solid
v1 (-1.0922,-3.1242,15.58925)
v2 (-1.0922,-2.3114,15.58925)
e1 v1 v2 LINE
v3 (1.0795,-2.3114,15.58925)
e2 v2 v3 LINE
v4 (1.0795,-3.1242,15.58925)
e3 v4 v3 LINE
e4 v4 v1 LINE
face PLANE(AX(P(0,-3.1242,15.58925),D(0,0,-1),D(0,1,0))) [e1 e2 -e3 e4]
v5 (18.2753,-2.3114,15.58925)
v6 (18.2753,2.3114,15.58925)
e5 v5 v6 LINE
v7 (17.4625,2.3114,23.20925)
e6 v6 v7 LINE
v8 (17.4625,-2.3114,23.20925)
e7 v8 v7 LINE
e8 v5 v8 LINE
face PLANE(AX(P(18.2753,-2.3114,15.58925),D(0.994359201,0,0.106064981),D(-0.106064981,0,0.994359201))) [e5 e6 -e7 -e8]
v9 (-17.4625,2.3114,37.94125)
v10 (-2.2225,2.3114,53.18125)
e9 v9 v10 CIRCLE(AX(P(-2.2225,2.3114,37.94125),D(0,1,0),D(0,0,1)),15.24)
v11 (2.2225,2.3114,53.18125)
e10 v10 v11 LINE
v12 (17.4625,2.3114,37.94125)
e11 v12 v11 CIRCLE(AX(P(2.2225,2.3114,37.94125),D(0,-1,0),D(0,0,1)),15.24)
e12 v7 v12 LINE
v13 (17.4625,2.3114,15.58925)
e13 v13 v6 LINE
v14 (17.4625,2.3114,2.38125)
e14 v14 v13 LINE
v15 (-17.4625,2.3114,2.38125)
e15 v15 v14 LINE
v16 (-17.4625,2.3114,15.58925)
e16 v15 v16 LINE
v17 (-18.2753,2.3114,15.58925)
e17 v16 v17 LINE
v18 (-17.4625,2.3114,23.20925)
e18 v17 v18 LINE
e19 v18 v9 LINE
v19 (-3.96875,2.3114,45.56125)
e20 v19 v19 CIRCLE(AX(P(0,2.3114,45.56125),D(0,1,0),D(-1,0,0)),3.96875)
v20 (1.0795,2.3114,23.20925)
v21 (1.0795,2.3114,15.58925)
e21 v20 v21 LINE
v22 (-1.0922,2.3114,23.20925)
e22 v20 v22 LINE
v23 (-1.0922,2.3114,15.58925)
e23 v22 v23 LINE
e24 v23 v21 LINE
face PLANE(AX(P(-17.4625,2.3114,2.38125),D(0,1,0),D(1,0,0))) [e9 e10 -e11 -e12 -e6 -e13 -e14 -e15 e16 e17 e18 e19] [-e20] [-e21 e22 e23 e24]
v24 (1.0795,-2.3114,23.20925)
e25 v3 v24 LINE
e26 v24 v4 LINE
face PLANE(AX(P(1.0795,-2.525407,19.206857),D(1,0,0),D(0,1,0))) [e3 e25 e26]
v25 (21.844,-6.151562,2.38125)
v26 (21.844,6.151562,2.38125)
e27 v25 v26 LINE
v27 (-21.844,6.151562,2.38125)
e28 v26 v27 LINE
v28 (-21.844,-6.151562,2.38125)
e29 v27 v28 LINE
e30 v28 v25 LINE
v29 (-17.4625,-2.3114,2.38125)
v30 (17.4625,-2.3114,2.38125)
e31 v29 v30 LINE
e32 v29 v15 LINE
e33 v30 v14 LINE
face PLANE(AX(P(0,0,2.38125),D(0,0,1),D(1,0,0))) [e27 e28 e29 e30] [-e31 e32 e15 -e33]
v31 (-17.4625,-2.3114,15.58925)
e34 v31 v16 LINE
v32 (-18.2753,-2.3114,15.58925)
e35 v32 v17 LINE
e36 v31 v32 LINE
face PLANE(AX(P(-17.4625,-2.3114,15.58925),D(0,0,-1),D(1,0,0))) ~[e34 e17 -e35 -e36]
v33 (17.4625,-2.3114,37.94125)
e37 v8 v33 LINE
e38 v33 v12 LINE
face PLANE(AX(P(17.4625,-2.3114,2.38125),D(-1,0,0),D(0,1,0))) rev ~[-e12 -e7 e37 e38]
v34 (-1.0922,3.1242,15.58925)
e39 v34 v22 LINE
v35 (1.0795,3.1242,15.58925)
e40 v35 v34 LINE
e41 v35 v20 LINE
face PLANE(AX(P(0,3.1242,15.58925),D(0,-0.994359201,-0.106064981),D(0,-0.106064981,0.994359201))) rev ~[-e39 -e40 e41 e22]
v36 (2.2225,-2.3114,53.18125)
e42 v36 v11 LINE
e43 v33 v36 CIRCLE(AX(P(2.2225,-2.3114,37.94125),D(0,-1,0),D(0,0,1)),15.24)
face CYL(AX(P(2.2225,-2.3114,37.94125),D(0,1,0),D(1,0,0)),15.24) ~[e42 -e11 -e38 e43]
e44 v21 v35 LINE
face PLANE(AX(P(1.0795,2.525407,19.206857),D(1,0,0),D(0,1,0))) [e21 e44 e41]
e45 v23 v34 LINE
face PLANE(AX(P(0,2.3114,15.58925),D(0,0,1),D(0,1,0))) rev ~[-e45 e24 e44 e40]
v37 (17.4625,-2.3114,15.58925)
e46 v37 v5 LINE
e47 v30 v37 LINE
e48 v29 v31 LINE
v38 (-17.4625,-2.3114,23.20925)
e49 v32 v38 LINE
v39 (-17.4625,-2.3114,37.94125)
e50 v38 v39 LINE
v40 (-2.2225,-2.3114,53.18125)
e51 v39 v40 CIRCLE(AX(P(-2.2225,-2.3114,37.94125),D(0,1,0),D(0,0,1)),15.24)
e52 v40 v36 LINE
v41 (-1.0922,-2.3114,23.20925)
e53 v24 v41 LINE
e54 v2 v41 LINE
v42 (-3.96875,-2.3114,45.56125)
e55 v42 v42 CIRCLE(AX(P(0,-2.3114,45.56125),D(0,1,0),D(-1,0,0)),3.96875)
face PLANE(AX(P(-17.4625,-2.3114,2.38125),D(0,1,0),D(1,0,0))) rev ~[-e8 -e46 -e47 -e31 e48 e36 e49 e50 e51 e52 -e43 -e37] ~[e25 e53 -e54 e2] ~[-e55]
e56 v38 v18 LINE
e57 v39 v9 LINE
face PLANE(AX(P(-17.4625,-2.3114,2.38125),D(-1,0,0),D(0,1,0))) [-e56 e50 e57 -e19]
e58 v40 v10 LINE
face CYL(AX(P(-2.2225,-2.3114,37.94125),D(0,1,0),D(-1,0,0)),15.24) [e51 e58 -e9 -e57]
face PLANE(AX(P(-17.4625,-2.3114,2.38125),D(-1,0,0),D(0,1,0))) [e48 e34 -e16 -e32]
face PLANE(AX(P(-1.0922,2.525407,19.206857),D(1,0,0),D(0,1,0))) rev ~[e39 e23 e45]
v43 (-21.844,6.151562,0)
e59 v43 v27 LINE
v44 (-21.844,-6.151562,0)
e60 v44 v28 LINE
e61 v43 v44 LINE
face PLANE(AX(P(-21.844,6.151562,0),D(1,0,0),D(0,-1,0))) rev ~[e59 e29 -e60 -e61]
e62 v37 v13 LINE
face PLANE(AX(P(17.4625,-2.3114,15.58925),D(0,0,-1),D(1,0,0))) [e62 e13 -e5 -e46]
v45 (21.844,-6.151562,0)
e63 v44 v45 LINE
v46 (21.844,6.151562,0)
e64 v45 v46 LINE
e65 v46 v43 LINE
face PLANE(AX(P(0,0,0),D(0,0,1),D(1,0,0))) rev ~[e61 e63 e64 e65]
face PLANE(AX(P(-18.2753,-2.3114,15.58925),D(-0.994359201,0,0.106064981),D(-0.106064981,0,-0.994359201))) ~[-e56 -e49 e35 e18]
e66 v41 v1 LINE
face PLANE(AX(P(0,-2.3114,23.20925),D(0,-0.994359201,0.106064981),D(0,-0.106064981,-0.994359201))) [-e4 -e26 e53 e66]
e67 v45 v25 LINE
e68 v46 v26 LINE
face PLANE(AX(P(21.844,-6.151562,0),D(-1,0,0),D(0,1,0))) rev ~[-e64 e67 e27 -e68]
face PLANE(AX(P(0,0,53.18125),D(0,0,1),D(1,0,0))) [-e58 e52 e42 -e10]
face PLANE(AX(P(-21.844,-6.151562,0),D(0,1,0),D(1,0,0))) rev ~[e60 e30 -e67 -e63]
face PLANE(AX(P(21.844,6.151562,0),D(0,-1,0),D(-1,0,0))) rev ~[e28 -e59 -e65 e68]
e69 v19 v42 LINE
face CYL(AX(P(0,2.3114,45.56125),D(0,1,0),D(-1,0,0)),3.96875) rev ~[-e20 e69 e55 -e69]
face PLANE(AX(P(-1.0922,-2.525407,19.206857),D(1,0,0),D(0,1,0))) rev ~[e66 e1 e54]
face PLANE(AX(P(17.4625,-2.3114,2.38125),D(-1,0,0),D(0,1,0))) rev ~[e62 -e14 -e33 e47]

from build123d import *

# Parameters (mm, degrees)
F1_DEPTH       = 2.38125
F2_W           = 34.925
F2_H           = 4.6228
F3_DEPTH       = 50.8
F4_R           = 15.24
F5_R           = 3.96875
F6_DEPTH       = 8.4639625
F8_DEPTH       = 4.6228
F11_DEPTH      = 1.0795
F11_DEPTH_BACK = 1.0922


with BuildPart() as f1:
    # F0 (on Top) → F1 (new body)
    with BuildSketch(Plane.XY):
        Polygon((-21.844, -6.1515625), (21.844, -6.1515625), (21.844, 6.1515625), (-21.844, 6.1515625), align=None)
    extrude(amount=F1_DEPTH)

    # F2 (on face) → F3 (join)
    with BuildSketch(Plane.XY.offset(2.38125)):
        Rectangle(F2_W, F2_H)
    extrude(amount=F3_DEPTH)

    # F4
    f4_edges = [f1.edges().sort_by_distance(p)[0] for p in [
        (-17.4625, 0, 53.18125),
        (17.4625, 0, 53.18125),
    ]]
    fillet(f4_edges, radius=F4_R)

    # F5 (on face) → F6 (cut, through all)
    with BuildSketch(Plane(origin=(0, 2.3114, 0), x_dir=(-1, 0, 0), z_dir=(0, 1, 0))):
        with Locations((0, 45.56125)):
            Circle(F5_R)
    extrude(amount=-F6_DEPTH, mode=Mode.SUBTRACT)

    # F7 (on face) → F8 (join, through all)
    with BuildSketch(Plane.XZ.offset(2.3114)):
        Polygon((18.2753, 15.58925), (17.4625, 23.20925), (17.4625, 15.58925), align=None)
    extrude(amount=-F8_DEPTH)

    # F9: F1 across plane


with BuildPart() as f1_1:
    add(f1.part)
    add(f1.part.mirror(Plane.YZ))

    # F10 (on Right) → F11 (join, two sides)
    with BuildSketch(Plane.YZ) as f11_sk:
        Polygon((-3.1242, 15.58925), (-2.3114, 15.58925), (-2.3114, 23.20925), align=None)
        Polygon((3.1242, 15.58925), (2.3114, 23.20925), (2.3114, 15.58925), align=None)
    extrude(amount=F11_DEPTH)
    extrude(f11_sk.sketch, amount=-F11_DEPTH_BACK)


solid = f1_1.part
